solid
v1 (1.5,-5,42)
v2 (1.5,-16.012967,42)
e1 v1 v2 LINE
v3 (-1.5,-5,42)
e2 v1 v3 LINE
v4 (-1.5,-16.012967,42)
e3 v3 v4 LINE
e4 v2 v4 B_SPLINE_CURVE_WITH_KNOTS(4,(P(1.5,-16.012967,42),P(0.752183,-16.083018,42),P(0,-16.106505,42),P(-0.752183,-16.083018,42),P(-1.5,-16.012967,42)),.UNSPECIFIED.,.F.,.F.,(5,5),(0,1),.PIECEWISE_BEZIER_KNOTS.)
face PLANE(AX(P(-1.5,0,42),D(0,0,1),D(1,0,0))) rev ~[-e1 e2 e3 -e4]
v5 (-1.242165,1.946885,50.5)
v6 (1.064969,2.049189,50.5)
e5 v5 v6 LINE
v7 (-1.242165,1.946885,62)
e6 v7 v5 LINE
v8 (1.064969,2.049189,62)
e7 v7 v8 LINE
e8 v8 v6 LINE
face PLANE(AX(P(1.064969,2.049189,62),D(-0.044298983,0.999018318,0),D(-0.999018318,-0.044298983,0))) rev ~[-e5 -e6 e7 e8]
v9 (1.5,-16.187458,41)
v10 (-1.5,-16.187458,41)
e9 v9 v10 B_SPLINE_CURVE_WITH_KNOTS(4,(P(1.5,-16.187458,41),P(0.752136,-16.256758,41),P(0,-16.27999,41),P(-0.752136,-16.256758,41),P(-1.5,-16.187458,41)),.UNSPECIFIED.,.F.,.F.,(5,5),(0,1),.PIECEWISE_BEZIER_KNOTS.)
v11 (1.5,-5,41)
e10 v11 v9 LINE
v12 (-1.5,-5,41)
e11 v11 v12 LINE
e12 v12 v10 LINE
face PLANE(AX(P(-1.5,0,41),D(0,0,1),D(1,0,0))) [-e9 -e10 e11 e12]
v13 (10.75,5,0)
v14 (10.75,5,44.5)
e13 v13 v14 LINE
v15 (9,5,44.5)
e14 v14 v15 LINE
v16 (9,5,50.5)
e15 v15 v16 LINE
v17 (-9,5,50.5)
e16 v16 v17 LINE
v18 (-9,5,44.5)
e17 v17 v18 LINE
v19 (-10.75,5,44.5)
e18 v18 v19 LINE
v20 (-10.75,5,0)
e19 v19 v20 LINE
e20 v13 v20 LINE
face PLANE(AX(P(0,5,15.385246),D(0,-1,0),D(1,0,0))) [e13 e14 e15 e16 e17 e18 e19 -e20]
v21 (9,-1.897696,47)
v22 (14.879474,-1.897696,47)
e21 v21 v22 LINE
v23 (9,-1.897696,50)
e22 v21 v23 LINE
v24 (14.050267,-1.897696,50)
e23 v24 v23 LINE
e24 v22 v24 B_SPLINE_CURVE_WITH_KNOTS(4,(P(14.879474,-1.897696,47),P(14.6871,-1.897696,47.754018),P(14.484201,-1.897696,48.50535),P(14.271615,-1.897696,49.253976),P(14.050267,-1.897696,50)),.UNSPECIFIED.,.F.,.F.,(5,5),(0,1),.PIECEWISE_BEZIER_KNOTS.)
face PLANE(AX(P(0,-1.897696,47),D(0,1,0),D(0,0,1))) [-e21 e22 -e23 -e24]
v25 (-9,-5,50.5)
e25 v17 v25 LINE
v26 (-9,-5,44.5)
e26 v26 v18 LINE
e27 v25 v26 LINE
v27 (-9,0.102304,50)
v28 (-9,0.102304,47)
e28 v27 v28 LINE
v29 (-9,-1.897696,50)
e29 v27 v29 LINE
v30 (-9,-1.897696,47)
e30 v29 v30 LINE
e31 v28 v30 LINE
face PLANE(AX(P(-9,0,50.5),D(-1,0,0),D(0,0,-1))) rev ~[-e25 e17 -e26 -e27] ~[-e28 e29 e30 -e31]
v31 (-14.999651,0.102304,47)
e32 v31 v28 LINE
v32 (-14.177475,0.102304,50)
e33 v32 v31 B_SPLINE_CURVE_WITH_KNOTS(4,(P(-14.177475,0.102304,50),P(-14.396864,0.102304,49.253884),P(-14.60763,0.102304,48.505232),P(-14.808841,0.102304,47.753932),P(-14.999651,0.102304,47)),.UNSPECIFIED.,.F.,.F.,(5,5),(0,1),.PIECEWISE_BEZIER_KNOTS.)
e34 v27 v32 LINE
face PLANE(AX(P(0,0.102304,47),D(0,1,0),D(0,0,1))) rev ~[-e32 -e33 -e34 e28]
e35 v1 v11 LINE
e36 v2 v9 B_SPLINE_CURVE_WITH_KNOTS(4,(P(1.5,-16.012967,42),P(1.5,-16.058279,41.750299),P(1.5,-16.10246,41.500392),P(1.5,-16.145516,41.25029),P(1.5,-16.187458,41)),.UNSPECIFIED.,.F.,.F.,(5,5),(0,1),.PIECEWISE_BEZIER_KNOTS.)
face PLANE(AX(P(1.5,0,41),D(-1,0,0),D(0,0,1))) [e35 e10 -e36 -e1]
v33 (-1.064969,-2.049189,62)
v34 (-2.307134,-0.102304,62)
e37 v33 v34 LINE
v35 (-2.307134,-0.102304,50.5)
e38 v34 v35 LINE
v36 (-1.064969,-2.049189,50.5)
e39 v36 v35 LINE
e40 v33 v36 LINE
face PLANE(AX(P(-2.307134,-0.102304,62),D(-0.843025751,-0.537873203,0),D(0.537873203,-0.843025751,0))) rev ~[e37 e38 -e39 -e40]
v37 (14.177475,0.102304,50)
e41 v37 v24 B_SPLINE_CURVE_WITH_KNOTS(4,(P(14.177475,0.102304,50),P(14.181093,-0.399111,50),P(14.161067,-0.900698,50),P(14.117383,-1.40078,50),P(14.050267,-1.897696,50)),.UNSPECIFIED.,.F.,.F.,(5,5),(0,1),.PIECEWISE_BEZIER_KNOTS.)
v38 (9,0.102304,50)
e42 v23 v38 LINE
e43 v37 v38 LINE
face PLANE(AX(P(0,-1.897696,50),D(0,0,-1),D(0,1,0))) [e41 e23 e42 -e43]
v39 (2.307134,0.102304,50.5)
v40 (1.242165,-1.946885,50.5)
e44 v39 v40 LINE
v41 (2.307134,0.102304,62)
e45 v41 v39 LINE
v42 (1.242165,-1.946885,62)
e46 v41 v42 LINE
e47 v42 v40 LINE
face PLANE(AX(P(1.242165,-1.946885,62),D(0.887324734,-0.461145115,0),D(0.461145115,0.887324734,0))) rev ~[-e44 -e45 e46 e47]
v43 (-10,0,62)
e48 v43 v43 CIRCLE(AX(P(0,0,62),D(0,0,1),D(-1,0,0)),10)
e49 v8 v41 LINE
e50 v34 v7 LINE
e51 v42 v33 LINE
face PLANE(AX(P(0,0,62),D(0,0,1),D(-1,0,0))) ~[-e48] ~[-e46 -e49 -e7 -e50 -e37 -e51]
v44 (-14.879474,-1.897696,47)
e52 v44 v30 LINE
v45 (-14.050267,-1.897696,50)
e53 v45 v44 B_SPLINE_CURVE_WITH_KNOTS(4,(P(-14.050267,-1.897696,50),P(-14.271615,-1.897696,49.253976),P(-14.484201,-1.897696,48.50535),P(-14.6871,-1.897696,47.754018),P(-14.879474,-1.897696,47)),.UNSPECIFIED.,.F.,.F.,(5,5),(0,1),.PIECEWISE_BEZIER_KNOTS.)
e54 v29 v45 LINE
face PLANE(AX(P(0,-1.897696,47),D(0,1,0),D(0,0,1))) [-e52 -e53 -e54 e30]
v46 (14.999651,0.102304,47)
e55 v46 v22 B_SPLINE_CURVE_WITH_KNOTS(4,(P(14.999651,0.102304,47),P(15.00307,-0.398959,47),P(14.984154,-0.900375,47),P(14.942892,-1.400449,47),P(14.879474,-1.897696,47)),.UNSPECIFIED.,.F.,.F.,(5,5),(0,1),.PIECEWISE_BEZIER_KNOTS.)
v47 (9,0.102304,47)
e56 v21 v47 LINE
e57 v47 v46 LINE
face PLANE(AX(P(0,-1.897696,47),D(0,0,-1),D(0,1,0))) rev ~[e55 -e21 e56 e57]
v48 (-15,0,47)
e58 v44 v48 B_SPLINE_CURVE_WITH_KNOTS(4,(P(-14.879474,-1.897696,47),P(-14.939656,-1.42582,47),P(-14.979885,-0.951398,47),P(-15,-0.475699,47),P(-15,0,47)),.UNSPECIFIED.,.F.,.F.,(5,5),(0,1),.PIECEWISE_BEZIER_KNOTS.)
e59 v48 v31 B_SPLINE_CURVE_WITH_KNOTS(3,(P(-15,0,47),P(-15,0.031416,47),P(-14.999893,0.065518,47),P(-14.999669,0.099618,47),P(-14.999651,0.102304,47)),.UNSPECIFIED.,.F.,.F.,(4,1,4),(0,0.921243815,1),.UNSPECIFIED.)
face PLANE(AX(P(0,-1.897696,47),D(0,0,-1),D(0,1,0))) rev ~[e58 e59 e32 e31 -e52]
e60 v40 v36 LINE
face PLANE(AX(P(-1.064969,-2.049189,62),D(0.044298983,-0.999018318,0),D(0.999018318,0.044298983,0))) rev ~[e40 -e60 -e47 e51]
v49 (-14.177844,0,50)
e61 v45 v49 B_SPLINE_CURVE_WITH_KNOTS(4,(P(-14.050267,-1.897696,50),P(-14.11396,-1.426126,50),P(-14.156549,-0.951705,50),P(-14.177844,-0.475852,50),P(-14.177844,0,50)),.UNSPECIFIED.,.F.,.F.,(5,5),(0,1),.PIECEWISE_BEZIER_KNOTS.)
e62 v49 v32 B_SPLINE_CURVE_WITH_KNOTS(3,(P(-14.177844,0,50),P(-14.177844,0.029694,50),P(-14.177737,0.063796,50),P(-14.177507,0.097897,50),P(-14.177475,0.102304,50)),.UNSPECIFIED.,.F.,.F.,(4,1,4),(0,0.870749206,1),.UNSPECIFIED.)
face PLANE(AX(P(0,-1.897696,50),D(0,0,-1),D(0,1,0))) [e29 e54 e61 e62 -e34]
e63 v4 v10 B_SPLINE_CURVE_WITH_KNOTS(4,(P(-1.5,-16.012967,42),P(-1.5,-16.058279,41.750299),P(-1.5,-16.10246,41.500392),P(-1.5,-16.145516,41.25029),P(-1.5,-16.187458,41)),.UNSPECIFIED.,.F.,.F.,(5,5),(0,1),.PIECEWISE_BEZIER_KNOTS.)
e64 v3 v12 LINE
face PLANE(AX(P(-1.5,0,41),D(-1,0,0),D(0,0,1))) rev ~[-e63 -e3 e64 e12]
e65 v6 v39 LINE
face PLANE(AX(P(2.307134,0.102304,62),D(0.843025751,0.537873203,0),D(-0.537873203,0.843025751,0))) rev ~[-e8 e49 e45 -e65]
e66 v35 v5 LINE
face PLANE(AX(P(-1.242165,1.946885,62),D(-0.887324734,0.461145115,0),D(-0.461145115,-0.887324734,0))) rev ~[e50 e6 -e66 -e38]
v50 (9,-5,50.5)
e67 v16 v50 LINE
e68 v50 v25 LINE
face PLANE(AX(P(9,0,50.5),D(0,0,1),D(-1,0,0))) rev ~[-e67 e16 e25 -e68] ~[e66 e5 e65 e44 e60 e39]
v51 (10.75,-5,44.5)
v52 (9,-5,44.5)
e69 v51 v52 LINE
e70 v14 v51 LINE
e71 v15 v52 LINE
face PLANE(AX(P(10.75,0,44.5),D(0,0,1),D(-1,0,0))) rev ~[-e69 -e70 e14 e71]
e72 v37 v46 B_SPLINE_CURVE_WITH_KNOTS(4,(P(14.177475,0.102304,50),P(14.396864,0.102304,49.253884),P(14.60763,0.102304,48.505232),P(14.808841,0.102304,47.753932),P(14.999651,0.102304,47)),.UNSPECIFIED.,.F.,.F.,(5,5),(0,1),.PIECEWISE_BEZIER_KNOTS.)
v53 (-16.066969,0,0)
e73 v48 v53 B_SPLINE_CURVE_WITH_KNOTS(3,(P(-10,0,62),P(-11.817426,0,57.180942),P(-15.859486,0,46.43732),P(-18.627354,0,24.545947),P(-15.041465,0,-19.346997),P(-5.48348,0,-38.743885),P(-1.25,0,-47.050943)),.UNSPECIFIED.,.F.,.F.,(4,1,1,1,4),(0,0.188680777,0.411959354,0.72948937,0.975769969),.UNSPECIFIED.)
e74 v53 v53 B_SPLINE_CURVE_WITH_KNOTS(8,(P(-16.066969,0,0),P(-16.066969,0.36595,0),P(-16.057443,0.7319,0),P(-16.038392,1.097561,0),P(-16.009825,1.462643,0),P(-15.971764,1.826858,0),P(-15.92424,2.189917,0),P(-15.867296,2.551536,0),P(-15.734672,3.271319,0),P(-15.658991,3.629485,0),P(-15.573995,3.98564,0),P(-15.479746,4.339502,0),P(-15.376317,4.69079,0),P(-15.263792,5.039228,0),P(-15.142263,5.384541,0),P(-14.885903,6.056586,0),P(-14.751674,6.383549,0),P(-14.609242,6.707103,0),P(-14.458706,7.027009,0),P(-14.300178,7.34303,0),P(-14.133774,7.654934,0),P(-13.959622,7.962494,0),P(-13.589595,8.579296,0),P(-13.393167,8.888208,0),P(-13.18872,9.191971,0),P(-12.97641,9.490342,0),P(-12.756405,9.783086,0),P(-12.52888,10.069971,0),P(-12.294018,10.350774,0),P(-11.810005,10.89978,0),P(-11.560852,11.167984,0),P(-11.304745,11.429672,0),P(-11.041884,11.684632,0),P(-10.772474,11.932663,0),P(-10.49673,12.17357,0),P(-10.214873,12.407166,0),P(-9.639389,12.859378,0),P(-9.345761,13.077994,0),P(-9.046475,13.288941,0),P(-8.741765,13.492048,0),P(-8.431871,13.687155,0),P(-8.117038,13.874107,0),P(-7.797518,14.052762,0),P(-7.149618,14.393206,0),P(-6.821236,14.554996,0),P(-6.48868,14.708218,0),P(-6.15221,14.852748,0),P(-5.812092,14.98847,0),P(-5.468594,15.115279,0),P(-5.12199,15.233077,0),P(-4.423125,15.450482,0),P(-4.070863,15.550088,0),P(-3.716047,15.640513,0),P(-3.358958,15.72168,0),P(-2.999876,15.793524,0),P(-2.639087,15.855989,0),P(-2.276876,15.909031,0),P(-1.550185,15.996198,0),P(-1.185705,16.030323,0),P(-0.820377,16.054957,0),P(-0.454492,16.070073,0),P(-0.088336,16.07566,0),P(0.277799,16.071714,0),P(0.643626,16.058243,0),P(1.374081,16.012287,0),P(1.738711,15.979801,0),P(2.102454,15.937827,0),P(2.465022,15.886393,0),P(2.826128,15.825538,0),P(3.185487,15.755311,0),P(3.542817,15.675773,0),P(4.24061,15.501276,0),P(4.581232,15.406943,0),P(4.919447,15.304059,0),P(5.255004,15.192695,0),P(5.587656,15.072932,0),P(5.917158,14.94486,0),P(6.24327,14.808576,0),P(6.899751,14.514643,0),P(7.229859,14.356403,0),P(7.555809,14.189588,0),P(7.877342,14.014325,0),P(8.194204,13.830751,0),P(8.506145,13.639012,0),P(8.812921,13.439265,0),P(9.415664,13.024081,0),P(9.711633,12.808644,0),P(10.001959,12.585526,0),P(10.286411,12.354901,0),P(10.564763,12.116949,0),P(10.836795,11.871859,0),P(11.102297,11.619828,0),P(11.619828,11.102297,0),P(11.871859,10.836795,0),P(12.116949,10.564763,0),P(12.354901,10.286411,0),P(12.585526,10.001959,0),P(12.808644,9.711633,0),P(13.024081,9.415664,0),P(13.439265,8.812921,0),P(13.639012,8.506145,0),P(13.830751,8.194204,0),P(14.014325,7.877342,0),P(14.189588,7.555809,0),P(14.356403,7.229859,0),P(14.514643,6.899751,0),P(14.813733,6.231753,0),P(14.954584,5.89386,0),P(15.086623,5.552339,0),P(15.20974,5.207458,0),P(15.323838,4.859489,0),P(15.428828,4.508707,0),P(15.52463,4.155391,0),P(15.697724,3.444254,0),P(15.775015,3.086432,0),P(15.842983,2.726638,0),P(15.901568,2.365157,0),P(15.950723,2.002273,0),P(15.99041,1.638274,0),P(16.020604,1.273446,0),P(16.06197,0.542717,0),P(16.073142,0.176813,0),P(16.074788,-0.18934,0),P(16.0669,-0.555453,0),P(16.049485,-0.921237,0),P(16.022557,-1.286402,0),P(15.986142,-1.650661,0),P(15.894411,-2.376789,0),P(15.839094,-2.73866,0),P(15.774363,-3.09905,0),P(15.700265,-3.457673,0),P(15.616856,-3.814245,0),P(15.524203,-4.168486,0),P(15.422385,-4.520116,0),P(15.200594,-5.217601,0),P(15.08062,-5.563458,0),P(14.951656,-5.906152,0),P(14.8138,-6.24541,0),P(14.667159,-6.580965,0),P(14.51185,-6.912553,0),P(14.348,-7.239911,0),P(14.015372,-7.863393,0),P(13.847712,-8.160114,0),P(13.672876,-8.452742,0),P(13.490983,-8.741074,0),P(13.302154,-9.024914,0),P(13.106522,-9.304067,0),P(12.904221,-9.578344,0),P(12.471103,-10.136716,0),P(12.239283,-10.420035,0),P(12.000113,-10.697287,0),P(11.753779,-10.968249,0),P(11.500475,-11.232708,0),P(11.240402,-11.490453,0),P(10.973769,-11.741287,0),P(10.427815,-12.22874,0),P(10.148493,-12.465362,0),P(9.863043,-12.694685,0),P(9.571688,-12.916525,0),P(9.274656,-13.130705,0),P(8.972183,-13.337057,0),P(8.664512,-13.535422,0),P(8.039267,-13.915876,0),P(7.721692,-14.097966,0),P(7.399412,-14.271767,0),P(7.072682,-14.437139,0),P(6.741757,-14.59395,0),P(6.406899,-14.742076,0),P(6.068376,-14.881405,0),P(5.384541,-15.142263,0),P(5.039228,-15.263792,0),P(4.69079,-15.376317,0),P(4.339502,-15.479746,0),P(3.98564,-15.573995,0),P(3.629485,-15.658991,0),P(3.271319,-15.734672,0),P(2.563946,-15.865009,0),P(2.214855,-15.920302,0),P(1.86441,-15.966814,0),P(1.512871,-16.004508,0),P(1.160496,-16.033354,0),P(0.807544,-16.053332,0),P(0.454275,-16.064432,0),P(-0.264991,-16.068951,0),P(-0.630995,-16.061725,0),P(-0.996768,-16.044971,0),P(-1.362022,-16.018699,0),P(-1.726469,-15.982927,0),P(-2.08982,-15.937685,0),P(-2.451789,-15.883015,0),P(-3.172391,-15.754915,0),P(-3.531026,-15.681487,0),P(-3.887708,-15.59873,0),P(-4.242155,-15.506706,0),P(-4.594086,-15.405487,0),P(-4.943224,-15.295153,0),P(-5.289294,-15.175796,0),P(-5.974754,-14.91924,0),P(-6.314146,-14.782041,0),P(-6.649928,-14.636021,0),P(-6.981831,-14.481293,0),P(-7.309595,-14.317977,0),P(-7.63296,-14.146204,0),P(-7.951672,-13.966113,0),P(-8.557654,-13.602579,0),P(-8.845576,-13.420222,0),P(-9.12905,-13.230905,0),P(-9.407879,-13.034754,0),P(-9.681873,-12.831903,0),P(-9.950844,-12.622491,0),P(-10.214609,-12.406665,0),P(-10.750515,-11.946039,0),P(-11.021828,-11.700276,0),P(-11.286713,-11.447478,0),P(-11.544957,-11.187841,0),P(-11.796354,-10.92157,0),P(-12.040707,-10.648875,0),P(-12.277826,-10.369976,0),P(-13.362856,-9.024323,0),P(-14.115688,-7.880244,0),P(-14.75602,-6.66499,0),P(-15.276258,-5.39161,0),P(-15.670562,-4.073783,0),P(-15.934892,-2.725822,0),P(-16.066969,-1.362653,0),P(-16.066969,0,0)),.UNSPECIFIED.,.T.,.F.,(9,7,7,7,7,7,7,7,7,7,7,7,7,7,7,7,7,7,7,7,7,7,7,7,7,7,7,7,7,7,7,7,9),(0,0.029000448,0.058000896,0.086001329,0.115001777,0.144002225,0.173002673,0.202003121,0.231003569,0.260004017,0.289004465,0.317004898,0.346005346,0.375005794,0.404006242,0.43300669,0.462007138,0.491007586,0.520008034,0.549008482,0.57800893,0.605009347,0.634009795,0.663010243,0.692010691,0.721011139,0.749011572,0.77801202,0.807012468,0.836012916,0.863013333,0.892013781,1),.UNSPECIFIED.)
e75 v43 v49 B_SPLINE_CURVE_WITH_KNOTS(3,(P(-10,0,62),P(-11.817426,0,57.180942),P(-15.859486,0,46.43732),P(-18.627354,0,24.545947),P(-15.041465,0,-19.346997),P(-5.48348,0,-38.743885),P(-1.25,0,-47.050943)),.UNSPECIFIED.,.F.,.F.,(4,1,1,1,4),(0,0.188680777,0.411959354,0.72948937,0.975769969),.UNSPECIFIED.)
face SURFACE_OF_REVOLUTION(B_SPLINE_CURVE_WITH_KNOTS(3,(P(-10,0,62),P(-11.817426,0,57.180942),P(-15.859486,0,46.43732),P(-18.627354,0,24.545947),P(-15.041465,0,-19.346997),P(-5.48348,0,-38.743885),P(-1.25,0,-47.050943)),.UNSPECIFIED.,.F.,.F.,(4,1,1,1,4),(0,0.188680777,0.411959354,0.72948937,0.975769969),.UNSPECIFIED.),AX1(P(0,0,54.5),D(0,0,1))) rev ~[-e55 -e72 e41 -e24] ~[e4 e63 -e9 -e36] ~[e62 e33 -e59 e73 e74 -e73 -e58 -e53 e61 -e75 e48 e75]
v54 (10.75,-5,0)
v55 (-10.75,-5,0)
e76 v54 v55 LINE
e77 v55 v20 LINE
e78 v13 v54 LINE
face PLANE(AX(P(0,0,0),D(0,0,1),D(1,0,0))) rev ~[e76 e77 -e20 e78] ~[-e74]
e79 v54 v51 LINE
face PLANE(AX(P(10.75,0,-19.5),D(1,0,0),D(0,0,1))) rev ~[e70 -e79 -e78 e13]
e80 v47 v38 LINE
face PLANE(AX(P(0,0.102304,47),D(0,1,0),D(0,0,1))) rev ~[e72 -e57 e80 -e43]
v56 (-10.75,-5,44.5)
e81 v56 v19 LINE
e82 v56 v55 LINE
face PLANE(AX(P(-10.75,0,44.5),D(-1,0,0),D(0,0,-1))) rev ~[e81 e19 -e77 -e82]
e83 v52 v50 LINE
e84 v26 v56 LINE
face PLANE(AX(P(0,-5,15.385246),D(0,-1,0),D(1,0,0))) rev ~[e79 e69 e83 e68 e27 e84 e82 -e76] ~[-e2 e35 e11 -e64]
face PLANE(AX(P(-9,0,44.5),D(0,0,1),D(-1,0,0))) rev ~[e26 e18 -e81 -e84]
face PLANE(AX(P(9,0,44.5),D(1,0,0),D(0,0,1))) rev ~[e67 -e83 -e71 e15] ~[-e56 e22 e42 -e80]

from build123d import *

# Parameters (mm, degrees)
F3_DEPTH  = 5
F5_DEPTH  = 15
F6_W      = 2
F6_H      = 3
F7_DEPTH  = 20.5
F8_W      = 3
F8_H      = 1
F9_DEPTH  = 17.5068136575
F10_R     = 0.3
F11_R     = 0.1
F12_R     = 0.1
F13_W     = 100
F13_H     = 100
F14_DEPTH = 46.1004730675


with BuildPart() as f2:
    # F1 (on Front) → F2 (revolve)
    with BuildSketch(Plane.XZ):
        with BuildLine():
            Line((-2, 62), (-10, 62))
            add(Edge.make_bspline(
                [(-10, 62), (-11.8174263966, 57.1809415466), (-15.8594861297, 46.4373198499), (-18.6273544316, 24.5459471202), (-15.0414654734, -19.3469968059), (-5.4834802074, -38.7438846901), (-1.25, -47.0509425635)],
                knots=[0, 0, 0, 0, 0.1886807773, 0.4119593541, 0.7294893705, 0.9757699691, 0.9757699691, 0.9757699691, 0.9757699691], degree=3))
            Line((-1.25, -47.0509425635), (-1.25, -43.0509425635))
            Line((-1.25, -43.0509425635), (-1.75, -43.0509425635))
            Line((-1.75, -43.0509425635), (-1.75, -19.5))
            Line((-1.75, -19.5), (0, -19.5))
            Line((0, -19.5), (0, 47))
            Line((0, 47), (0, 50))
            Line((0, 50), (-2, 50))
            Line((-2, 50), (-2, 62))
        make_face()
    revolve(axis=Axis((0, 0, 54.5), (0, 0, 1)))

    # F0 (on Front) → F3 (cut, symmetric)
    with BuildSketch(Plane.XZ):
        Polygon((-10.75, -19.5), (10.75, -19.5), (10.75, 44.5), (9, 44.5), (9, 50.5), (-9, 50.5), (-9, 44.5), (-10.75, 44.5), align=None)
    extrude(amount=F3_DEPTH, both=True, mode=Mode.SUBTRACT)

    # F4 (on face) → F5 (cut)
    with BuildSketch(Plane.XY.offset(62)):
        Polygon((1.2421649551, -1.9468845774), (2.3071339798, 0.1023041181), (1.0649690247, 2.0491886955), (-1.2421649551, 1.9468845774), (-2.3071339798, -0.1023041181), (-1.0649690247, -2.0491886955), align=None)
    extrude(amount=-F5_DEPTH, mode=Mode.SUBTRACT)

    # F6 (on Right) → F7 (cut, symmetric)
    with BuildSketch(Plane.YZ):
        with Locations((-0.8976958819, 48.5)):
            Rectangle(F6_W, F6_H)
    extrude(amount=F7_DEPTH, both=True, mode=Mode.SUBTRACT)

    # F8 (on Front) → F9 (cut, through all)
    with BuildSketch(Plane.XZ):
        with Locations((0, 41.5)):
            Rectangle(F8_W, F8_H)
    extrude(amount=F9_DEPTH, mode=Mode.SUBTRACT)

    # F10
    f10_edges = [f2.edges().sort_by_distance(p)[0] for p in [
        (1.25, 0, -47.050943),
    ]]
    fillet(f10_edges, radius=F10_R)

    # F11
    f11_edges = [f2.edges().sort_by_distance(p)[0] for p in [
        (1.25, 0, -43.050943),
    ]]
    fillet(f11_edges, radius=F11_R)

    # F12
    f12_edges = [f2.edges().sort_by_distance(p)[0] for p in [
        (1.75, 0, -43.050943),
    ]]
    fillet(f12_edges, radius=F12_R)

    # F13 (on Top) → F14 (cut, through all)
    with BuildSketch(Plane.XY):
        Rectangle(F13_W, F13_H)
    extrude(amount=-F14_DEPTH, mode=Mode.SUBTRACT)


solid = f2.part
